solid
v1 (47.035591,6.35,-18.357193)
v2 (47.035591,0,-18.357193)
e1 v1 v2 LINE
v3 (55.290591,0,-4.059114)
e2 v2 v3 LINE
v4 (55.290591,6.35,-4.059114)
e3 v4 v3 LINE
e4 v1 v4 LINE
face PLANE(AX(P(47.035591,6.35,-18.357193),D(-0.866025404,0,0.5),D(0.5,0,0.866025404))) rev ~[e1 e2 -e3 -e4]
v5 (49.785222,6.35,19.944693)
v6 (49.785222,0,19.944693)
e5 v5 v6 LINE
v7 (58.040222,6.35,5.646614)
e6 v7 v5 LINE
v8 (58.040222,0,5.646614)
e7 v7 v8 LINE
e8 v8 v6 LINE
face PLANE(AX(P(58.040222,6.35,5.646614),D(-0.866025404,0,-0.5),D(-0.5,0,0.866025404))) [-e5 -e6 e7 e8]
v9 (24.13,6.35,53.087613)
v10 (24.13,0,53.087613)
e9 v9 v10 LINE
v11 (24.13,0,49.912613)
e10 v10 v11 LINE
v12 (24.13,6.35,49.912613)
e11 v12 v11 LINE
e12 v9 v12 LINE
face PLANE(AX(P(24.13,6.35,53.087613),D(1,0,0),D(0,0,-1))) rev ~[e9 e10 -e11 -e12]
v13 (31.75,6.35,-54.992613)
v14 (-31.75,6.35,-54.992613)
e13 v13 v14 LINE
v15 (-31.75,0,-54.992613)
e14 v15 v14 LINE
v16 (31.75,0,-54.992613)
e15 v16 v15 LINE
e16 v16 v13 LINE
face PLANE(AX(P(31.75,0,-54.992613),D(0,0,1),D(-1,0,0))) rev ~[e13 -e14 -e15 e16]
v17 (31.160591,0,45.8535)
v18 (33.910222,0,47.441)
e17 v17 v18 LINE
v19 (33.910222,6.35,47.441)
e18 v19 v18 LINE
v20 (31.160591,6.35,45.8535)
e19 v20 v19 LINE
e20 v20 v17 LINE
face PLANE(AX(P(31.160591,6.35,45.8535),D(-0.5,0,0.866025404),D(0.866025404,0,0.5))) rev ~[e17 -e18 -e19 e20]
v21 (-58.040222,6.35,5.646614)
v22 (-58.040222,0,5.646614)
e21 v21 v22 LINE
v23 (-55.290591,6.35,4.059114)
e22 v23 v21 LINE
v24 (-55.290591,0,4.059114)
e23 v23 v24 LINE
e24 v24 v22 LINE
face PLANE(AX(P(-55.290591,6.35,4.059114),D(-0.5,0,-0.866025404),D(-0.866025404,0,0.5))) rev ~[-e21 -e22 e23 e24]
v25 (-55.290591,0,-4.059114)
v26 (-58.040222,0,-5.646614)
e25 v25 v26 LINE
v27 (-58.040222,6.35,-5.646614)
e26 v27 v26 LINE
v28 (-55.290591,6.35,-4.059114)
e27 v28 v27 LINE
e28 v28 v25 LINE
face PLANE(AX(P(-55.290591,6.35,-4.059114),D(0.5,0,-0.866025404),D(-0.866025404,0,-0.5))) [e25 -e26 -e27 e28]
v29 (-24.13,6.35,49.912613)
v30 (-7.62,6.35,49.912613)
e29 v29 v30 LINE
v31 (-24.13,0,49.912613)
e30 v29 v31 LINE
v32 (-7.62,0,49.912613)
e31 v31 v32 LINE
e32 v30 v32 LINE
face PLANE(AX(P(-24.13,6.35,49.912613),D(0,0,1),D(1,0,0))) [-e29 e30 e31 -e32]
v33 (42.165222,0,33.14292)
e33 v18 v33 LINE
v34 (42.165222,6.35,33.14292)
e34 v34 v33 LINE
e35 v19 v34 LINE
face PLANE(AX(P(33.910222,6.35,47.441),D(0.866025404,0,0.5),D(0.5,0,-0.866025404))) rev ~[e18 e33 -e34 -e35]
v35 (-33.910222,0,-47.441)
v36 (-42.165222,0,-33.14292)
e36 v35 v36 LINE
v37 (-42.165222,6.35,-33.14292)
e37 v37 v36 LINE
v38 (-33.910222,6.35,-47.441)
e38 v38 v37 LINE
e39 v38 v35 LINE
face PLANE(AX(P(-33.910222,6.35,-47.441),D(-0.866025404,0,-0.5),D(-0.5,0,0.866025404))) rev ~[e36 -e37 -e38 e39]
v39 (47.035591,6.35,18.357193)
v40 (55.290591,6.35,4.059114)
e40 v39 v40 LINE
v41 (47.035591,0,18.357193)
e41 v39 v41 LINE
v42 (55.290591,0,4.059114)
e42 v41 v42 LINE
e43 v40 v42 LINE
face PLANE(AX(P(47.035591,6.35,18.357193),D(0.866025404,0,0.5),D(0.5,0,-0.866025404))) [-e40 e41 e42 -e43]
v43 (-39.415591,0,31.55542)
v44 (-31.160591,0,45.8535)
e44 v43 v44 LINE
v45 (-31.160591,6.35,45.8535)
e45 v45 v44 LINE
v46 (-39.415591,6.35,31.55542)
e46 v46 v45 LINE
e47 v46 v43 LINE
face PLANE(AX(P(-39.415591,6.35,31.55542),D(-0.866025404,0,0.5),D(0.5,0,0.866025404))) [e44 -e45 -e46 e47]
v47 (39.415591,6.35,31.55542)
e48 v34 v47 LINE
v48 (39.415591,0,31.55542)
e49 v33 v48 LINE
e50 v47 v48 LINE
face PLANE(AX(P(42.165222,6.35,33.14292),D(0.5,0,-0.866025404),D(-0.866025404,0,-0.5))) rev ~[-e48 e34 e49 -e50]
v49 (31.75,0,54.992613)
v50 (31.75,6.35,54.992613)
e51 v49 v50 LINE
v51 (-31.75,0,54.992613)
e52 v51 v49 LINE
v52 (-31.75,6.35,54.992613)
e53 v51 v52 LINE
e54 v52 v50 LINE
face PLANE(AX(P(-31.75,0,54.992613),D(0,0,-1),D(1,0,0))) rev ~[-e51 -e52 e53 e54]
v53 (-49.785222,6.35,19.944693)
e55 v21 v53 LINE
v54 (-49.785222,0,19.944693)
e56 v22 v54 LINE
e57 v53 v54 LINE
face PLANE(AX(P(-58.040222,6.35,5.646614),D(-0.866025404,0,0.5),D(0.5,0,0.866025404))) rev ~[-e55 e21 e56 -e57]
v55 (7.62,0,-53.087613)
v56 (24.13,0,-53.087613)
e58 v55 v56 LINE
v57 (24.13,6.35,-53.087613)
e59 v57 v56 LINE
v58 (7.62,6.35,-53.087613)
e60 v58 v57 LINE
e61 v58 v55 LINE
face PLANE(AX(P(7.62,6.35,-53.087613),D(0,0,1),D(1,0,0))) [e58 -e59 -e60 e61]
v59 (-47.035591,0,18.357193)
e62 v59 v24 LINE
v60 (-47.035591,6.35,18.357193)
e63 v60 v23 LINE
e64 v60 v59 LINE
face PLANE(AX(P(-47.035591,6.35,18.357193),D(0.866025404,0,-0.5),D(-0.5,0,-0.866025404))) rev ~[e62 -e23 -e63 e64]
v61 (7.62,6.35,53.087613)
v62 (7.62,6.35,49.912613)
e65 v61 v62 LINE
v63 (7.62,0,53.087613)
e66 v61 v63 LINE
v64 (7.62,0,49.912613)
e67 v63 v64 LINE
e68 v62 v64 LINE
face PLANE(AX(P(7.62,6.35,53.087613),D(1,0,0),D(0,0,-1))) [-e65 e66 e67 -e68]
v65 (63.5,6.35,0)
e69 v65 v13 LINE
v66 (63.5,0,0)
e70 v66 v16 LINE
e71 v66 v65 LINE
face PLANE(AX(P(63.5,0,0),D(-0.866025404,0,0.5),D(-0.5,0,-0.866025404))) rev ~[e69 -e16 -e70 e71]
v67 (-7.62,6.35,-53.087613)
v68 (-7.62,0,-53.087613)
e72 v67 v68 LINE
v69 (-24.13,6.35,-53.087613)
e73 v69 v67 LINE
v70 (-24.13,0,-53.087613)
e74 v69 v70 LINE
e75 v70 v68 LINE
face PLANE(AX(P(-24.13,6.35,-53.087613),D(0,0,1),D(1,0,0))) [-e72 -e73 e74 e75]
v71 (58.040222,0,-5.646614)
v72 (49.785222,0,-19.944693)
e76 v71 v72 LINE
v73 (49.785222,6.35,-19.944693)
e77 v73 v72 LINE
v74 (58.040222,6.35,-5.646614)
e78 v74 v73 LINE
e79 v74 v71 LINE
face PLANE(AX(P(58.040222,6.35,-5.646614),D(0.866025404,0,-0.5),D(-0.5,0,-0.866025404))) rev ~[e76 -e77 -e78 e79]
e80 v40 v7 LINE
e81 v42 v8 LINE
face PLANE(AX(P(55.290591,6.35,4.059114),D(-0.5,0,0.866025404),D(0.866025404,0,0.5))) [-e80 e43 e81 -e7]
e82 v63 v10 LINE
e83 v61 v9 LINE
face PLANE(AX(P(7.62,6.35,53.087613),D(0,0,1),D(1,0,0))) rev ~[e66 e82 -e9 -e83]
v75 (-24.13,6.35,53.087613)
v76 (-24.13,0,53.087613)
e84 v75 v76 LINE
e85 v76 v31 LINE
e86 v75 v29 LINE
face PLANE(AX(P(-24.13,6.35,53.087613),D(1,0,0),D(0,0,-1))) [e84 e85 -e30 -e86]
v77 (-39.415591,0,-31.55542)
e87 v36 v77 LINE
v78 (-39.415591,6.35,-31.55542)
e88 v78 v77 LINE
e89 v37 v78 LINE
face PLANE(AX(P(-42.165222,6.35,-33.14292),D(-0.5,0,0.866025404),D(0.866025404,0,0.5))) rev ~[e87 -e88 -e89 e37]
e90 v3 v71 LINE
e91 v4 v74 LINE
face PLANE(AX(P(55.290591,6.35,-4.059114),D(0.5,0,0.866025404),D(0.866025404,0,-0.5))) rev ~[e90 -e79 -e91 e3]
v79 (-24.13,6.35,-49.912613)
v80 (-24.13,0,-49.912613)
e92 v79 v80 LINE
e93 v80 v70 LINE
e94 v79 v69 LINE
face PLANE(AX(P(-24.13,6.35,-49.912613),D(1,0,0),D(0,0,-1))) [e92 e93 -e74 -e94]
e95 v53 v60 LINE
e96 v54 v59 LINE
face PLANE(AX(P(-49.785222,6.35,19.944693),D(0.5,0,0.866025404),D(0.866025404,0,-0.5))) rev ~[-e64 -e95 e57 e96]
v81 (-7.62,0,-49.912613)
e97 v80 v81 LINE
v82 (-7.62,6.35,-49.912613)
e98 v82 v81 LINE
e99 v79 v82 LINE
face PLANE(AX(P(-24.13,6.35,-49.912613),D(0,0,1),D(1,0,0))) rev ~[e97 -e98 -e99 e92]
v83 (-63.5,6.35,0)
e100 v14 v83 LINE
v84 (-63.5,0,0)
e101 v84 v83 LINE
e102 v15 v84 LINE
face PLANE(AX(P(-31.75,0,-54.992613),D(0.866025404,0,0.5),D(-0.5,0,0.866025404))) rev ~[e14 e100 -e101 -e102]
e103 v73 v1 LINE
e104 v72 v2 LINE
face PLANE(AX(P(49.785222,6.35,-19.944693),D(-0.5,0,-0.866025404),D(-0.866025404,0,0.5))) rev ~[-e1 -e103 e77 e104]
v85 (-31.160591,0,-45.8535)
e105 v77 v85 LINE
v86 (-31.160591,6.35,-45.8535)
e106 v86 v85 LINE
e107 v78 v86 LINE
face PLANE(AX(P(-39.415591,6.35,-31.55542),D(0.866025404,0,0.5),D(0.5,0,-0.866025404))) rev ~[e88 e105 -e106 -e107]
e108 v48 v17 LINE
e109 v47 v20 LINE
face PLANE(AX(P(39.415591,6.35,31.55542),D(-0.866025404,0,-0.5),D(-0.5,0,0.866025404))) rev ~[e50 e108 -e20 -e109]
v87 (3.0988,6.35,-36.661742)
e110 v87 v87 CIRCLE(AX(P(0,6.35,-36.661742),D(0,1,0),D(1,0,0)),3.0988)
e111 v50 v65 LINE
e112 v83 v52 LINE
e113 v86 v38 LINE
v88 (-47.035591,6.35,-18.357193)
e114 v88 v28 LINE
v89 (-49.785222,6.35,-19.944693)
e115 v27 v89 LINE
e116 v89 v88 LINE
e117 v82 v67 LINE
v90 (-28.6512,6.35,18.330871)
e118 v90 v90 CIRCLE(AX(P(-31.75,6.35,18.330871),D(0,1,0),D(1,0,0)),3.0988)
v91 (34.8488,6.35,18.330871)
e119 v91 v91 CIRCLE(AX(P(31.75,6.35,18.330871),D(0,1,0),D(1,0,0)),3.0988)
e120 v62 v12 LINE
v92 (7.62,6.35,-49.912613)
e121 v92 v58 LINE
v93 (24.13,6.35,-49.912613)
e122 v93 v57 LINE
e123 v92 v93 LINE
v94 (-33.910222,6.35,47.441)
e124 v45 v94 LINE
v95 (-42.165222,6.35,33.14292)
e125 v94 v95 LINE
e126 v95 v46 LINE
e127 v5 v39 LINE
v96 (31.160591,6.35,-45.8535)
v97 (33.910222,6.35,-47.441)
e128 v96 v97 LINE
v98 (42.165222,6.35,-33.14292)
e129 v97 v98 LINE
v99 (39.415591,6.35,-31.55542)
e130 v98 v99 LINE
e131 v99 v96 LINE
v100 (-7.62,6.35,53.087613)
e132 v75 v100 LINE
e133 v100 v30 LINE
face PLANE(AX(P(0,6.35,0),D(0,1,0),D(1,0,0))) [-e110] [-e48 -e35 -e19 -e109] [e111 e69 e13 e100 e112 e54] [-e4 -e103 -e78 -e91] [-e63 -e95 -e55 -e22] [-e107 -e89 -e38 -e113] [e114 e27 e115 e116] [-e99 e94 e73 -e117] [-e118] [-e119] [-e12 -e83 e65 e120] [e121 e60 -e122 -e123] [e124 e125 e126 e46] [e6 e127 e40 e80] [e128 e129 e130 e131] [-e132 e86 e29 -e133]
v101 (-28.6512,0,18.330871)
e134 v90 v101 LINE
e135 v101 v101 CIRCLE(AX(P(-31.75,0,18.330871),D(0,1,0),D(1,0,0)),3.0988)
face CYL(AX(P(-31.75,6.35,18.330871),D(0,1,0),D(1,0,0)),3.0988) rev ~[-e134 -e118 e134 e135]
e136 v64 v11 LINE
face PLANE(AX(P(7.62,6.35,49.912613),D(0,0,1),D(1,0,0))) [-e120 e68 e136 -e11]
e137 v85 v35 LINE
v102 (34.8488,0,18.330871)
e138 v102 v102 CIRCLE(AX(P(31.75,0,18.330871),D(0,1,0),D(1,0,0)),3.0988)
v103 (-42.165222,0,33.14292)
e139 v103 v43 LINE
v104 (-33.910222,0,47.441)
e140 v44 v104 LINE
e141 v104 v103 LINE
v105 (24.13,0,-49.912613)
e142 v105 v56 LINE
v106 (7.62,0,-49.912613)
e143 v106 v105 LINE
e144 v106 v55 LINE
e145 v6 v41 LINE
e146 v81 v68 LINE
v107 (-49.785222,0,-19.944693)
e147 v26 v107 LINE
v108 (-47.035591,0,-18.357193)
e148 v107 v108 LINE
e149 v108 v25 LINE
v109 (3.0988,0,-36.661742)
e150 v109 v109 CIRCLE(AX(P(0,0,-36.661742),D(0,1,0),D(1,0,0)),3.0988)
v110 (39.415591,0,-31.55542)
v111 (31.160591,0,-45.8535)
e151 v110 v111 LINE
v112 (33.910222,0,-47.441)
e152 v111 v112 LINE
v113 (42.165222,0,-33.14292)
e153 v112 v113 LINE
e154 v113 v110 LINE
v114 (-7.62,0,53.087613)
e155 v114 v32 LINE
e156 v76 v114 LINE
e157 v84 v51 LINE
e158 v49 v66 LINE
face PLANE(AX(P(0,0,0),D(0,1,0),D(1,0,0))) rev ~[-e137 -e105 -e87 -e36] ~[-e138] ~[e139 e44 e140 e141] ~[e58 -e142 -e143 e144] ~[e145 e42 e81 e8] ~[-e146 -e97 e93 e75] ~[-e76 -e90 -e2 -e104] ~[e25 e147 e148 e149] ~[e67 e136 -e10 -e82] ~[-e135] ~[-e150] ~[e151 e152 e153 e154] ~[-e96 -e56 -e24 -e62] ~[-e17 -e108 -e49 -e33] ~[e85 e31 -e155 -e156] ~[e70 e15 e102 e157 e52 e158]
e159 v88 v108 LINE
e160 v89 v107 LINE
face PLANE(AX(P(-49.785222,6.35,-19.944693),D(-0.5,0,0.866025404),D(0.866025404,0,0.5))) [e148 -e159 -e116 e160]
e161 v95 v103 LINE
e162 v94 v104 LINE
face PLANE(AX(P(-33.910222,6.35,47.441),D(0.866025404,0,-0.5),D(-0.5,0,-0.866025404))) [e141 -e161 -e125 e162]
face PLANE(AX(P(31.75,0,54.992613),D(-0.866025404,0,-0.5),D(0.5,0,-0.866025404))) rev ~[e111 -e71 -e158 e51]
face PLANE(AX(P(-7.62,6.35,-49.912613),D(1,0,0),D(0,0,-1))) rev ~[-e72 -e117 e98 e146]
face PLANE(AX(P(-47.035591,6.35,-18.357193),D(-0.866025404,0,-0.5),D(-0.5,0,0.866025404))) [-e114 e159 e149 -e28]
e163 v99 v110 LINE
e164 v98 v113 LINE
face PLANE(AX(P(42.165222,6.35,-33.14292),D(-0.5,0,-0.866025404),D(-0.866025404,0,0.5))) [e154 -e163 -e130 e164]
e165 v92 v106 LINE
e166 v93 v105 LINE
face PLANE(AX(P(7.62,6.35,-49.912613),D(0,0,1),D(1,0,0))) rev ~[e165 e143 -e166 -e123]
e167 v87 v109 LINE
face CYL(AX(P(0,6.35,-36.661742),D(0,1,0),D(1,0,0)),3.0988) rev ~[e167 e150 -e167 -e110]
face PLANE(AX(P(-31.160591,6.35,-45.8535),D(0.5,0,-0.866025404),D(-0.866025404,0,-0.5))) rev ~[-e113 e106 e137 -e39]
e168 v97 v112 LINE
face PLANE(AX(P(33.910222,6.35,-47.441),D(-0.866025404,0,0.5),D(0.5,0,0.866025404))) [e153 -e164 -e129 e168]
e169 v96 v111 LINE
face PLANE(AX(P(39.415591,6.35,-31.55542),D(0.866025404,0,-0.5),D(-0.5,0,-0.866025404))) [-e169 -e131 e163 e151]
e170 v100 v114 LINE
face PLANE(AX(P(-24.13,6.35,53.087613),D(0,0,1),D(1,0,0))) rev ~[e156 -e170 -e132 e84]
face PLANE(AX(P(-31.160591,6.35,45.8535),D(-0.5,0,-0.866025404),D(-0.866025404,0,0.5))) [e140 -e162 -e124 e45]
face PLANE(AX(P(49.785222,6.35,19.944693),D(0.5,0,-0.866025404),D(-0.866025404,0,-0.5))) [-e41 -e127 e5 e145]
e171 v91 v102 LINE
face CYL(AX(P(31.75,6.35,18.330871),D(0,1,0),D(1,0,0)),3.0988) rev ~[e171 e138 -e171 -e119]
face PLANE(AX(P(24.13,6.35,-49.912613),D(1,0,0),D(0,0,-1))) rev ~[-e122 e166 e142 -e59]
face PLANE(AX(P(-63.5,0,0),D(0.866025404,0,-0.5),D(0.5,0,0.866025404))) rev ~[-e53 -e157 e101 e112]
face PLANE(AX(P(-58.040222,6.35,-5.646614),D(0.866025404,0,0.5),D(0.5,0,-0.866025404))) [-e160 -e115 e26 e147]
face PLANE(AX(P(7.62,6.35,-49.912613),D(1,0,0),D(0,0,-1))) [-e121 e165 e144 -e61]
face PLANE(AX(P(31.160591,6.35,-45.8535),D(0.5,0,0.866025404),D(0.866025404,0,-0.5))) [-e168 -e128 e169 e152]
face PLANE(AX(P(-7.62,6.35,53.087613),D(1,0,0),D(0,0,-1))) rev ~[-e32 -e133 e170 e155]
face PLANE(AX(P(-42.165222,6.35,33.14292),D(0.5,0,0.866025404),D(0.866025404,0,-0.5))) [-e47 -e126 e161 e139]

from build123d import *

# Parameters (mm, degrees)
BOSS_EXTRUDE1_DEPTH = 6.35
SKETCH2_R           = 3.0988
SKETCH2_W           = 16.51
SKETCH2_H           = 3.175
CUT_EXTRUDE1_DEPTH  = 7.35


with BuildPart() as part:
    # Sketch1 → Boss-Extrude1 (new body)
    with BuildSketch(Plane(origin=(0, 0, 0), x_dir=(1, 0, 0), z_dir=(0, 1, 0))):
        Polygon((-63.5, 0), (-31.75, -54.99261314), (31.75, -54.99261314), (63.5, 0), (31.75, 54.99261314), (-31.75, 54.99261314), align=None)
    extrude(amount=BOSS_EXTRUDE1_DEPTH)

    # Sketch2 → Cut-Extrude1 (cut, through all)
    with BuildSketch(Plane(origin=(0, 6.35, 0), x_dir=(1, 0, 0), z_dir=(0, 1, 0))):
        with Locations((-31.75, -18.330871047)):
            Circle(SKETCH2_R)
        with Locations((0, 36.661742094)):
            Circle(SKETCH2_R)
        with Locations((31.75, -18.330871047)):
            Circle(SKETCH2_R)
        Polygon((-55.290590949, -4.059113577), (-58.040221606, -5.646613577), (-49.785221606, -19.944692993), (-47.035590949, -18.357192993), align=None)
        Polygon((-31.160590949, -45.853499563), (-33.910221606, -47.440999563), (-42.165221606, -33.142920147), (-39.415590949, -31.555420147), align=None)
        Polygon((-31.160590949, 45.853499563), (-33.910221606, 47.440999563), (-42.165221606, 33.142920147), (-39.415590949, 31.555420147), align=None)
        Polygon((-49.785221606, 19.944692993), (-47.035590949, 18.357192993), (-55.290590949, 4.059113577), (-58.040221606, 5.646613577), align=None)
        with Locations((15.875, 51.50011314)):
            Rectangle(SKETCH2_W, SKETCH2_H)
        with Locations((-15.875, 51.50011314)):
            Rectangle(SKETCH2_W, SKETCH2_H)
        Polygon((55.290590949, 4.059113577), (58.040221606, 5.646613577), (49.785221606, 19.944692993), (47.035590949, 18.357192993), align=None)
        Polygon((42.165221606, 33.142920147), (39.415590949, 31.555420147), (31.160590949, 45.853499563), (33.910221606, 47.440999563), align=None)
        Polygon((31.160590949, -45.853499563), (33.910221606, -47.440999563), (42.165221606, -33.142920147), (39.415590949, -31.555420147), align=None)
        Polygon((49.785221606, -19.944692993), (47.035590949, -18.357192993), (55.290590949, -4.059113577), (58.040221606, -5.646613577), align=None)
        with Locations((-15.875, -51.50011314)):
            Rectangle(SKETCH2_W, SKETCH2_H)
        with Locations((15.875, -51.50011314)):
            Rectangle(SKETCH2_W, SKETCH2_H)
    extrude(amount=-CUT_EXTRUDE1_DEPTH, mode=Mode.SUBTRACT)


solid = part.part
